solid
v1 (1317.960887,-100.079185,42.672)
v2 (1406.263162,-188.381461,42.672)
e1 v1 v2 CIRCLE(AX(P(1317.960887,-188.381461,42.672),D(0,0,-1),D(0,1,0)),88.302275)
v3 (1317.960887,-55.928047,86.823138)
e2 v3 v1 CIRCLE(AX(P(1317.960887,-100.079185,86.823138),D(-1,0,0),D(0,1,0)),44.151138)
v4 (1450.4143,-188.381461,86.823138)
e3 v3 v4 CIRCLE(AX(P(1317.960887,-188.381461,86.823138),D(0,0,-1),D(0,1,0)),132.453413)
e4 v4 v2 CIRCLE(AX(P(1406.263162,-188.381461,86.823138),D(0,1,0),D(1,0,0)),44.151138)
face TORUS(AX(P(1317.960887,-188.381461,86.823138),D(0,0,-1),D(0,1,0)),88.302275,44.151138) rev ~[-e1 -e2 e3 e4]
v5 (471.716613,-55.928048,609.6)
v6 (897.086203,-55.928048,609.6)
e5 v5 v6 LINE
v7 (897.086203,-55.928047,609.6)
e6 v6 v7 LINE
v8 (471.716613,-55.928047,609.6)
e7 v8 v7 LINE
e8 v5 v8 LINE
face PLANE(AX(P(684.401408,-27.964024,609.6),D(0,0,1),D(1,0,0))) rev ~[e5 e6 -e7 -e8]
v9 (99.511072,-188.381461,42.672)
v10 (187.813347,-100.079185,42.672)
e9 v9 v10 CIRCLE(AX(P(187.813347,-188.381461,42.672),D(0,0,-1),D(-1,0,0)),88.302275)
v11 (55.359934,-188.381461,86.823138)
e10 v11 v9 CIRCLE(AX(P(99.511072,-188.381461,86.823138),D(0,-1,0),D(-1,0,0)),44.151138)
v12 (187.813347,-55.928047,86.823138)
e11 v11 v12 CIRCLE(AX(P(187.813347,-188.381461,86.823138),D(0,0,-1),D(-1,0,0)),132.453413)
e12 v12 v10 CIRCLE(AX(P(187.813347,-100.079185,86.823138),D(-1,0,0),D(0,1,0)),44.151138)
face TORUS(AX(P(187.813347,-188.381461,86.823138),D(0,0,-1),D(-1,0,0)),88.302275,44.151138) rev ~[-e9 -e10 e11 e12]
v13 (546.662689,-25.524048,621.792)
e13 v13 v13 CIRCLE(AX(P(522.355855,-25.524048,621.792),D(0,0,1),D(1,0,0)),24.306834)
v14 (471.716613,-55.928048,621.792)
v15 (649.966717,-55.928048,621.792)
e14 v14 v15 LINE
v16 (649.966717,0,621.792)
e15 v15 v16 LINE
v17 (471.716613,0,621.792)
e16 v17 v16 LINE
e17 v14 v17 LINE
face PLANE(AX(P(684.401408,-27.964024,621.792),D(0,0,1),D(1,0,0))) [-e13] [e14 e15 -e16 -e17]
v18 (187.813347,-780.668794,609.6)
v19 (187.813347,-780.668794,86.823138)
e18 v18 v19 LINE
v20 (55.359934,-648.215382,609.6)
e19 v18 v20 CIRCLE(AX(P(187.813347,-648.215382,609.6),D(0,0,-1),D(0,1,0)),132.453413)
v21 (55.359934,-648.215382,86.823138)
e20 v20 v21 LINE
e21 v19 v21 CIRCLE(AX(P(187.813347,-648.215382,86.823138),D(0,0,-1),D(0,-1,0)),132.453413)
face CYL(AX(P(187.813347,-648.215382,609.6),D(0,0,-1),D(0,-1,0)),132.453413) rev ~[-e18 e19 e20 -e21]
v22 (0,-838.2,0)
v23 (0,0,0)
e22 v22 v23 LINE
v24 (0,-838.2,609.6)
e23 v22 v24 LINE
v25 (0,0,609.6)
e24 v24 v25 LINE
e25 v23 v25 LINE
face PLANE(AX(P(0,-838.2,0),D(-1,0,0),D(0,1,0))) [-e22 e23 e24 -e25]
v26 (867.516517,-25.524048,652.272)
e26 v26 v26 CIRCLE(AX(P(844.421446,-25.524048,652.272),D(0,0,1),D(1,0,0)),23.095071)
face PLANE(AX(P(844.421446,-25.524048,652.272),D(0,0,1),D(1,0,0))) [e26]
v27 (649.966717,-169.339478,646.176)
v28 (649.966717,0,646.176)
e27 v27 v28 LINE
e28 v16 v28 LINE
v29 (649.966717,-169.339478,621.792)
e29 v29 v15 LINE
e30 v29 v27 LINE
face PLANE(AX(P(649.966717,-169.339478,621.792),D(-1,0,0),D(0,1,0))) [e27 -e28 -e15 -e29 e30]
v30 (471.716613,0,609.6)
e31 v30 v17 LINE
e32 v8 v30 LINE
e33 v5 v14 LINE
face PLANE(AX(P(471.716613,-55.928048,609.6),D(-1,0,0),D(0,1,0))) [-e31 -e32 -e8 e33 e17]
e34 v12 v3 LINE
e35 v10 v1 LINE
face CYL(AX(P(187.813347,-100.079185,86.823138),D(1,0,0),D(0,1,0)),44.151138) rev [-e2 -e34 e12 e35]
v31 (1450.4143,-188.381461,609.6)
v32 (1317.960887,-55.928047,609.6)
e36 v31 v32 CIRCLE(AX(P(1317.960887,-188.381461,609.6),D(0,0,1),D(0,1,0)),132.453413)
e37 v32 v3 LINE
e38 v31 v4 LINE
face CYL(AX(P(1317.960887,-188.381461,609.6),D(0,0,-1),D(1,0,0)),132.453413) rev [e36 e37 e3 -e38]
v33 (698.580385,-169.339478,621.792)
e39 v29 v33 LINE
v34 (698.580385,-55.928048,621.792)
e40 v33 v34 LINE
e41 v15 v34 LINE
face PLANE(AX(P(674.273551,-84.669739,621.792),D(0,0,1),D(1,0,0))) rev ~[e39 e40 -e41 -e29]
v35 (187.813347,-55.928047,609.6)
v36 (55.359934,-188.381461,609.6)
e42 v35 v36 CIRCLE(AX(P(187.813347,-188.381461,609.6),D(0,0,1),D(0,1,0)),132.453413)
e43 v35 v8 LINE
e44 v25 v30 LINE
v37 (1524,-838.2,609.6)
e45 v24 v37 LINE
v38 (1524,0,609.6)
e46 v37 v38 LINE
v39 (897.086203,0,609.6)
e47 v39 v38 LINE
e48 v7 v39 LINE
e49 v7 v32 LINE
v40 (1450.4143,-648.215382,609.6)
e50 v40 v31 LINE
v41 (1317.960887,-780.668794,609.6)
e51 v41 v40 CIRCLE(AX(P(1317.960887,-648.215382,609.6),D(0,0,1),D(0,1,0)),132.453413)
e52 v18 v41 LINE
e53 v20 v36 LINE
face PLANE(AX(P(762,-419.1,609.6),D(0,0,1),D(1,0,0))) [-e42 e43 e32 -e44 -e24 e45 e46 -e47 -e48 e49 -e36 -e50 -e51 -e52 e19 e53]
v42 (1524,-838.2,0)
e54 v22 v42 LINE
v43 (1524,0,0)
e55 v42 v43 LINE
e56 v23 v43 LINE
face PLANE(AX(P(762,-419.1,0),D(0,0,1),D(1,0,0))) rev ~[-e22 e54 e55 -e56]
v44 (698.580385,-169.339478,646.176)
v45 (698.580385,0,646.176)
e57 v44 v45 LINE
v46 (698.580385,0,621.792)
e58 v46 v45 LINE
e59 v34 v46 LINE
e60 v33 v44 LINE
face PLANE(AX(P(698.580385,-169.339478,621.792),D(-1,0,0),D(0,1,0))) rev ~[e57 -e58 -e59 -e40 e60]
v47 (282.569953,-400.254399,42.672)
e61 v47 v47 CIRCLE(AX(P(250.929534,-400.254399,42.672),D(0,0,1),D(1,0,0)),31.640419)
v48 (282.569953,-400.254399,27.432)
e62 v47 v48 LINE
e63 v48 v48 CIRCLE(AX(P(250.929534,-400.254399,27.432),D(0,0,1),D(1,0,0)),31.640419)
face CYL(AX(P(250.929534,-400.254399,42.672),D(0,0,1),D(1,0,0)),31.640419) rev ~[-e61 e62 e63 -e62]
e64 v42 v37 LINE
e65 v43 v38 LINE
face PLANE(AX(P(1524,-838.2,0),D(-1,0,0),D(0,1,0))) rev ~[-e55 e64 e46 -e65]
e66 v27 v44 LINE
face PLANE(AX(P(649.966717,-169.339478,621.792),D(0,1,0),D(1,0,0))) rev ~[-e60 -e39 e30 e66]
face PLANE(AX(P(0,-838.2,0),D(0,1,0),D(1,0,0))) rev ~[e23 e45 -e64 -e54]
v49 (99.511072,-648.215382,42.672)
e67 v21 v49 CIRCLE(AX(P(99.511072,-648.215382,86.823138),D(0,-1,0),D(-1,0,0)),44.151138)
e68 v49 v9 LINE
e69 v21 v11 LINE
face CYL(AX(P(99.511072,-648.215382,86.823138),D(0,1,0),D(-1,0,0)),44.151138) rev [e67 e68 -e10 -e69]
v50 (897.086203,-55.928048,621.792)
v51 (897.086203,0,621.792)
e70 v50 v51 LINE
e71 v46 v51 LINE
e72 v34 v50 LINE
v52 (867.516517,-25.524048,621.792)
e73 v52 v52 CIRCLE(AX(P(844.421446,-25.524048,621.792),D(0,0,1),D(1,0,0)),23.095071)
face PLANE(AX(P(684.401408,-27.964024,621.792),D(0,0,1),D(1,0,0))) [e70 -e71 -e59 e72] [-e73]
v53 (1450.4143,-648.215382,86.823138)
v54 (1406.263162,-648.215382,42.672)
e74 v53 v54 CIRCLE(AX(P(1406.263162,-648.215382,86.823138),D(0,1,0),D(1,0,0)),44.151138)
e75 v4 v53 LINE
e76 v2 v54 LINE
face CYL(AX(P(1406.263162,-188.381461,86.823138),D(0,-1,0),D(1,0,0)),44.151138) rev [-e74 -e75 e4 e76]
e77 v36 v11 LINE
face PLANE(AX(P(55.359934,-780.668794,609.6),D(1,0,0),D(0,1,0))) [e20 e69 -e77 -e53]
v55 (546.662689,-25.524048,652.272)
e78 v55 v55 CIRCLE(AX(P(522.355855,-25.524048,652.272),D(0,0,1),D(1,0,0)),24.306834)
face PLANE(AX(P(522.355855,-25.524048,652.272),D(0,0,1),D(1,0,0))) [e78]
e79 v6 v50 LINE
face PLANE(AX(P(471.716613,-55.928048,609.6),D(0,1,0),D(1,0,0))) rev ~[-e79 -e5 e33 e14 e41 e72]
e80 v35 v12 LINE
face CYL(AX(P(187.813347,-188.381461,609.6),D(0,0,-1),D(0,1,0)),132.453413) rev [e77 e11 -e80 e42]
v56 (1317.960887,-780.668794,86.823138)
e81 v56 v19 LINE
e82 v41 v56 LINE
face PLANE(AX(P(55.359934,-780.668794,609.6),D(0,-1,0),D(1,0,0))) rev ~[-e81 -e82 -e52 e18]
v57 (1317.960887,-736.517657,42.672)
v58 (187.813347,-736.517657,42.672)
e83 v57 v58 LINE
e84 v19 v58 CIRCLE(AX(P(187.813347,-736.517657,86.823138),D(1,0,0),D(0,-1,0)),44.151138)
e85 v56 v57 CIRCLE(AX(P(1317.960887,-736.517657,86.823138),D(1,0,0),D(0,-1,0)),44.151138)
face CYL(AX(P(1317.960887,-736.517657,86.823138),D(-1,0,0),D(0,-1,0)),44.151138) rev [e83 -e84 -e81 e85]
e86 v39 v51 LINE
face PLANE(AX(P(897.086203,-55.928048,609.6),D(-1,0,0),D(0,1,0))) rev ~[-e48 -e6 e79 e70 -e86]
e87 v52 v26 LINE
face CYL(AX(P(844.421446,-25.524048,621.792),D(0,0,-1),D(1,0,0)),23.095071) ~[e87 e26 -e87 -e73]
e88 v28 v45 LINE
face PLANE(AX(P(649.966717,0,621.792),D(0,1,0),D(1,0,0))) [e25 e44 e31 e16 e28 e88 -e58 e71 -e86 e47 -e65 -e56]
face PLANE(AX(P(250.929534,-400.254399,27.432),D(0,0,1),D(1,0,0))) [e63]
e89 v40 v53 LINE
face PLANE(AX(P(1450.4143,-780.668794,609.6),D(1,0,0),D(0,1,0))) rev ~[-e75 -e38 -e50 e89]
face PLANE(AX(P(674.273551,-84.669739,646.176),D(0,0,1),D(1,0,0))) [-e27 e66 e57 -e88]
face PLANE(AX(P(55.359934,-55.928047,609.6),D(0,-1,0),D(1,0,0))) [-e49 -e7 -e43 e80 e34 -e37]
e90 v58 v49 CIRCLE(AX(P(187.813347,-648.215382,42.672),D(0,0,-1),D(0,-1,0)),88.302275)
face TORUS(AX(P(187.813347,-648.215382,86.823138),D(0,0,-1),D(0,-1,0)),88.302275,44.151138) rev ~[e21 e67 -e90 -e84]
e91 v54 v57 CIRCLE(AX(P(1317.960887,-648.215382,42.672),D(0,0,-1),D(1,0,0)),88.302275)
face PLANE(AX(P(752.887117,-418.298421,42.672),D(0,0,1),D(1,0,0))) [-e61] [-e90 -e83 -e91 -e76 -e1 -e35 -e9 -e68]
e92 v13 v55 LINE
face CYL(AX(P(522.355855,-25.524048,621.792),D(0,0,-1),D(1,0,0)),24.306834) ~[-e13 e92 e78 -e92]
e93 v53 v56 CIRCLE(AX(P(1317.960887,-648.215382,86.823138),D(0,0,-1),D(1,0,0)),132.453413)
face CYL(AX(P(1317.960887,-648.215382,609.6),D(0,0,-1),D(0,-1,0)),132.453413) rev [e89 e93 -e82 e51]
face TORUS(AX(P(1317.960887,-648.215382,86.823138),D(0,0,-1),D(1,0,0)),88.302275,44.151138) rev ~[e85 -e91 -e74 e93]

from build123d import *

# Parameters (mm, degrees)
F0_W      = 1524
F0_H      = 838.2
F1_DEPTH  = 609.6
F2_W      = 1395.054366
F2_H      = 724.740747
F3_DEPTH  = 566.928
F4_R      = 132.453413
F5_R      = 44.151138
F6_W      = 425.36959
F6_H      = 55.928048
F7_DEPTH  = 12.192
F8_R      = 24.306834
F8_R_2    = 23.095071
F9_DEPTH  = 30.48
F10_W     = 48.613667
F10_H     = 169.339478
F11_DEPTH = 24.384
F12_R     = 31.640419
F13_DEPTH = 15.24


with BuildPart() as f1:
    # F0 (on Top) → F1 (new body)
    with BuildSketch(Plane.XY):
        with Locations((762, -419.1)):
            Rectangle(F0_W, F0_H)
    extrude(amount=F1_DEPTH)

    # F2 (on face) → F3 (cut)
    with BuildSketch(Plane.XY.offset(609.6)):
        with Locations((752.887117, -418.298421)):
            Rectangle(F2_W, F2_H)
    extrude(amount=-F3_DEPTH, mode=Mode.SUBTRACT)

    # F4
    f4_edges = [f1.edges().sort_by_distance(p)[0] for p in [
        (55.359934, -55.928048, 326.136),
        (1450.4143, -55.928048, 326.136),
        (1450.4143, -780.668795, 326.136),
        (55.359934, -780.668795, 326.136),
    ]]
    fillet(f4_edges, radius=F4_R)

    # F5
    f5_edges = [f1.edges().sort_by_distance(p)[0] for p in [
        (752.887117, -55.928048, 42.672),
        (1411.619594, -94.722754, 42.672),
        (94.15464, -94.722754, 42.672),
        (1450.4143, -418.298421, 42.672),
        (55.359934, -418.298421, 42.672),
        (1411.619594, -741.874089, 42.672),
        (94.15464, -741.874089, 42.672),
        (752.887117, -780.668795, 42.672),
    ]]
    fillet(f5_edges, radius=F5_R)

    # F6 (on face) → F7 (join)
    with BuildSketch(Plane.XY.offset(609.6)):
        with Locations((684.401408, -27.964024)):
            Rectangle(F6_W, F6_H)
    extrude(amount=F7_DEPTH)

    # F8 (on face) → F9 (join)
    with BuildSketch(Plane.XY.offset(621.792)):
        with Locations((522.355855, -25.524048)):
            Circle(F8_R)
        with Locations((844.421446, -25.524048)):
            Circle(F8_R_2)
    extrude(amount=F9_DEPTH)

    # F10 (on face) → F11 (join)
    with BuildSketch(Plane.XY.offset(621.792)):
        with Locations((674.273551, -84.669739)):
            Rectangle(F10_W, F10_H)
    extrude(amount=F11_DEPTH)

    # F12 (on face) → F13 (cut)
    with BuildSketch(Plane.XY.offset(42.672)):
        with Locations((250.929534, -400.254399)):
            Circle(F12_R)
    extrude(amount=-F13_DEPTH, mode=Mode.SUBTRACT)


solid = f1.part
